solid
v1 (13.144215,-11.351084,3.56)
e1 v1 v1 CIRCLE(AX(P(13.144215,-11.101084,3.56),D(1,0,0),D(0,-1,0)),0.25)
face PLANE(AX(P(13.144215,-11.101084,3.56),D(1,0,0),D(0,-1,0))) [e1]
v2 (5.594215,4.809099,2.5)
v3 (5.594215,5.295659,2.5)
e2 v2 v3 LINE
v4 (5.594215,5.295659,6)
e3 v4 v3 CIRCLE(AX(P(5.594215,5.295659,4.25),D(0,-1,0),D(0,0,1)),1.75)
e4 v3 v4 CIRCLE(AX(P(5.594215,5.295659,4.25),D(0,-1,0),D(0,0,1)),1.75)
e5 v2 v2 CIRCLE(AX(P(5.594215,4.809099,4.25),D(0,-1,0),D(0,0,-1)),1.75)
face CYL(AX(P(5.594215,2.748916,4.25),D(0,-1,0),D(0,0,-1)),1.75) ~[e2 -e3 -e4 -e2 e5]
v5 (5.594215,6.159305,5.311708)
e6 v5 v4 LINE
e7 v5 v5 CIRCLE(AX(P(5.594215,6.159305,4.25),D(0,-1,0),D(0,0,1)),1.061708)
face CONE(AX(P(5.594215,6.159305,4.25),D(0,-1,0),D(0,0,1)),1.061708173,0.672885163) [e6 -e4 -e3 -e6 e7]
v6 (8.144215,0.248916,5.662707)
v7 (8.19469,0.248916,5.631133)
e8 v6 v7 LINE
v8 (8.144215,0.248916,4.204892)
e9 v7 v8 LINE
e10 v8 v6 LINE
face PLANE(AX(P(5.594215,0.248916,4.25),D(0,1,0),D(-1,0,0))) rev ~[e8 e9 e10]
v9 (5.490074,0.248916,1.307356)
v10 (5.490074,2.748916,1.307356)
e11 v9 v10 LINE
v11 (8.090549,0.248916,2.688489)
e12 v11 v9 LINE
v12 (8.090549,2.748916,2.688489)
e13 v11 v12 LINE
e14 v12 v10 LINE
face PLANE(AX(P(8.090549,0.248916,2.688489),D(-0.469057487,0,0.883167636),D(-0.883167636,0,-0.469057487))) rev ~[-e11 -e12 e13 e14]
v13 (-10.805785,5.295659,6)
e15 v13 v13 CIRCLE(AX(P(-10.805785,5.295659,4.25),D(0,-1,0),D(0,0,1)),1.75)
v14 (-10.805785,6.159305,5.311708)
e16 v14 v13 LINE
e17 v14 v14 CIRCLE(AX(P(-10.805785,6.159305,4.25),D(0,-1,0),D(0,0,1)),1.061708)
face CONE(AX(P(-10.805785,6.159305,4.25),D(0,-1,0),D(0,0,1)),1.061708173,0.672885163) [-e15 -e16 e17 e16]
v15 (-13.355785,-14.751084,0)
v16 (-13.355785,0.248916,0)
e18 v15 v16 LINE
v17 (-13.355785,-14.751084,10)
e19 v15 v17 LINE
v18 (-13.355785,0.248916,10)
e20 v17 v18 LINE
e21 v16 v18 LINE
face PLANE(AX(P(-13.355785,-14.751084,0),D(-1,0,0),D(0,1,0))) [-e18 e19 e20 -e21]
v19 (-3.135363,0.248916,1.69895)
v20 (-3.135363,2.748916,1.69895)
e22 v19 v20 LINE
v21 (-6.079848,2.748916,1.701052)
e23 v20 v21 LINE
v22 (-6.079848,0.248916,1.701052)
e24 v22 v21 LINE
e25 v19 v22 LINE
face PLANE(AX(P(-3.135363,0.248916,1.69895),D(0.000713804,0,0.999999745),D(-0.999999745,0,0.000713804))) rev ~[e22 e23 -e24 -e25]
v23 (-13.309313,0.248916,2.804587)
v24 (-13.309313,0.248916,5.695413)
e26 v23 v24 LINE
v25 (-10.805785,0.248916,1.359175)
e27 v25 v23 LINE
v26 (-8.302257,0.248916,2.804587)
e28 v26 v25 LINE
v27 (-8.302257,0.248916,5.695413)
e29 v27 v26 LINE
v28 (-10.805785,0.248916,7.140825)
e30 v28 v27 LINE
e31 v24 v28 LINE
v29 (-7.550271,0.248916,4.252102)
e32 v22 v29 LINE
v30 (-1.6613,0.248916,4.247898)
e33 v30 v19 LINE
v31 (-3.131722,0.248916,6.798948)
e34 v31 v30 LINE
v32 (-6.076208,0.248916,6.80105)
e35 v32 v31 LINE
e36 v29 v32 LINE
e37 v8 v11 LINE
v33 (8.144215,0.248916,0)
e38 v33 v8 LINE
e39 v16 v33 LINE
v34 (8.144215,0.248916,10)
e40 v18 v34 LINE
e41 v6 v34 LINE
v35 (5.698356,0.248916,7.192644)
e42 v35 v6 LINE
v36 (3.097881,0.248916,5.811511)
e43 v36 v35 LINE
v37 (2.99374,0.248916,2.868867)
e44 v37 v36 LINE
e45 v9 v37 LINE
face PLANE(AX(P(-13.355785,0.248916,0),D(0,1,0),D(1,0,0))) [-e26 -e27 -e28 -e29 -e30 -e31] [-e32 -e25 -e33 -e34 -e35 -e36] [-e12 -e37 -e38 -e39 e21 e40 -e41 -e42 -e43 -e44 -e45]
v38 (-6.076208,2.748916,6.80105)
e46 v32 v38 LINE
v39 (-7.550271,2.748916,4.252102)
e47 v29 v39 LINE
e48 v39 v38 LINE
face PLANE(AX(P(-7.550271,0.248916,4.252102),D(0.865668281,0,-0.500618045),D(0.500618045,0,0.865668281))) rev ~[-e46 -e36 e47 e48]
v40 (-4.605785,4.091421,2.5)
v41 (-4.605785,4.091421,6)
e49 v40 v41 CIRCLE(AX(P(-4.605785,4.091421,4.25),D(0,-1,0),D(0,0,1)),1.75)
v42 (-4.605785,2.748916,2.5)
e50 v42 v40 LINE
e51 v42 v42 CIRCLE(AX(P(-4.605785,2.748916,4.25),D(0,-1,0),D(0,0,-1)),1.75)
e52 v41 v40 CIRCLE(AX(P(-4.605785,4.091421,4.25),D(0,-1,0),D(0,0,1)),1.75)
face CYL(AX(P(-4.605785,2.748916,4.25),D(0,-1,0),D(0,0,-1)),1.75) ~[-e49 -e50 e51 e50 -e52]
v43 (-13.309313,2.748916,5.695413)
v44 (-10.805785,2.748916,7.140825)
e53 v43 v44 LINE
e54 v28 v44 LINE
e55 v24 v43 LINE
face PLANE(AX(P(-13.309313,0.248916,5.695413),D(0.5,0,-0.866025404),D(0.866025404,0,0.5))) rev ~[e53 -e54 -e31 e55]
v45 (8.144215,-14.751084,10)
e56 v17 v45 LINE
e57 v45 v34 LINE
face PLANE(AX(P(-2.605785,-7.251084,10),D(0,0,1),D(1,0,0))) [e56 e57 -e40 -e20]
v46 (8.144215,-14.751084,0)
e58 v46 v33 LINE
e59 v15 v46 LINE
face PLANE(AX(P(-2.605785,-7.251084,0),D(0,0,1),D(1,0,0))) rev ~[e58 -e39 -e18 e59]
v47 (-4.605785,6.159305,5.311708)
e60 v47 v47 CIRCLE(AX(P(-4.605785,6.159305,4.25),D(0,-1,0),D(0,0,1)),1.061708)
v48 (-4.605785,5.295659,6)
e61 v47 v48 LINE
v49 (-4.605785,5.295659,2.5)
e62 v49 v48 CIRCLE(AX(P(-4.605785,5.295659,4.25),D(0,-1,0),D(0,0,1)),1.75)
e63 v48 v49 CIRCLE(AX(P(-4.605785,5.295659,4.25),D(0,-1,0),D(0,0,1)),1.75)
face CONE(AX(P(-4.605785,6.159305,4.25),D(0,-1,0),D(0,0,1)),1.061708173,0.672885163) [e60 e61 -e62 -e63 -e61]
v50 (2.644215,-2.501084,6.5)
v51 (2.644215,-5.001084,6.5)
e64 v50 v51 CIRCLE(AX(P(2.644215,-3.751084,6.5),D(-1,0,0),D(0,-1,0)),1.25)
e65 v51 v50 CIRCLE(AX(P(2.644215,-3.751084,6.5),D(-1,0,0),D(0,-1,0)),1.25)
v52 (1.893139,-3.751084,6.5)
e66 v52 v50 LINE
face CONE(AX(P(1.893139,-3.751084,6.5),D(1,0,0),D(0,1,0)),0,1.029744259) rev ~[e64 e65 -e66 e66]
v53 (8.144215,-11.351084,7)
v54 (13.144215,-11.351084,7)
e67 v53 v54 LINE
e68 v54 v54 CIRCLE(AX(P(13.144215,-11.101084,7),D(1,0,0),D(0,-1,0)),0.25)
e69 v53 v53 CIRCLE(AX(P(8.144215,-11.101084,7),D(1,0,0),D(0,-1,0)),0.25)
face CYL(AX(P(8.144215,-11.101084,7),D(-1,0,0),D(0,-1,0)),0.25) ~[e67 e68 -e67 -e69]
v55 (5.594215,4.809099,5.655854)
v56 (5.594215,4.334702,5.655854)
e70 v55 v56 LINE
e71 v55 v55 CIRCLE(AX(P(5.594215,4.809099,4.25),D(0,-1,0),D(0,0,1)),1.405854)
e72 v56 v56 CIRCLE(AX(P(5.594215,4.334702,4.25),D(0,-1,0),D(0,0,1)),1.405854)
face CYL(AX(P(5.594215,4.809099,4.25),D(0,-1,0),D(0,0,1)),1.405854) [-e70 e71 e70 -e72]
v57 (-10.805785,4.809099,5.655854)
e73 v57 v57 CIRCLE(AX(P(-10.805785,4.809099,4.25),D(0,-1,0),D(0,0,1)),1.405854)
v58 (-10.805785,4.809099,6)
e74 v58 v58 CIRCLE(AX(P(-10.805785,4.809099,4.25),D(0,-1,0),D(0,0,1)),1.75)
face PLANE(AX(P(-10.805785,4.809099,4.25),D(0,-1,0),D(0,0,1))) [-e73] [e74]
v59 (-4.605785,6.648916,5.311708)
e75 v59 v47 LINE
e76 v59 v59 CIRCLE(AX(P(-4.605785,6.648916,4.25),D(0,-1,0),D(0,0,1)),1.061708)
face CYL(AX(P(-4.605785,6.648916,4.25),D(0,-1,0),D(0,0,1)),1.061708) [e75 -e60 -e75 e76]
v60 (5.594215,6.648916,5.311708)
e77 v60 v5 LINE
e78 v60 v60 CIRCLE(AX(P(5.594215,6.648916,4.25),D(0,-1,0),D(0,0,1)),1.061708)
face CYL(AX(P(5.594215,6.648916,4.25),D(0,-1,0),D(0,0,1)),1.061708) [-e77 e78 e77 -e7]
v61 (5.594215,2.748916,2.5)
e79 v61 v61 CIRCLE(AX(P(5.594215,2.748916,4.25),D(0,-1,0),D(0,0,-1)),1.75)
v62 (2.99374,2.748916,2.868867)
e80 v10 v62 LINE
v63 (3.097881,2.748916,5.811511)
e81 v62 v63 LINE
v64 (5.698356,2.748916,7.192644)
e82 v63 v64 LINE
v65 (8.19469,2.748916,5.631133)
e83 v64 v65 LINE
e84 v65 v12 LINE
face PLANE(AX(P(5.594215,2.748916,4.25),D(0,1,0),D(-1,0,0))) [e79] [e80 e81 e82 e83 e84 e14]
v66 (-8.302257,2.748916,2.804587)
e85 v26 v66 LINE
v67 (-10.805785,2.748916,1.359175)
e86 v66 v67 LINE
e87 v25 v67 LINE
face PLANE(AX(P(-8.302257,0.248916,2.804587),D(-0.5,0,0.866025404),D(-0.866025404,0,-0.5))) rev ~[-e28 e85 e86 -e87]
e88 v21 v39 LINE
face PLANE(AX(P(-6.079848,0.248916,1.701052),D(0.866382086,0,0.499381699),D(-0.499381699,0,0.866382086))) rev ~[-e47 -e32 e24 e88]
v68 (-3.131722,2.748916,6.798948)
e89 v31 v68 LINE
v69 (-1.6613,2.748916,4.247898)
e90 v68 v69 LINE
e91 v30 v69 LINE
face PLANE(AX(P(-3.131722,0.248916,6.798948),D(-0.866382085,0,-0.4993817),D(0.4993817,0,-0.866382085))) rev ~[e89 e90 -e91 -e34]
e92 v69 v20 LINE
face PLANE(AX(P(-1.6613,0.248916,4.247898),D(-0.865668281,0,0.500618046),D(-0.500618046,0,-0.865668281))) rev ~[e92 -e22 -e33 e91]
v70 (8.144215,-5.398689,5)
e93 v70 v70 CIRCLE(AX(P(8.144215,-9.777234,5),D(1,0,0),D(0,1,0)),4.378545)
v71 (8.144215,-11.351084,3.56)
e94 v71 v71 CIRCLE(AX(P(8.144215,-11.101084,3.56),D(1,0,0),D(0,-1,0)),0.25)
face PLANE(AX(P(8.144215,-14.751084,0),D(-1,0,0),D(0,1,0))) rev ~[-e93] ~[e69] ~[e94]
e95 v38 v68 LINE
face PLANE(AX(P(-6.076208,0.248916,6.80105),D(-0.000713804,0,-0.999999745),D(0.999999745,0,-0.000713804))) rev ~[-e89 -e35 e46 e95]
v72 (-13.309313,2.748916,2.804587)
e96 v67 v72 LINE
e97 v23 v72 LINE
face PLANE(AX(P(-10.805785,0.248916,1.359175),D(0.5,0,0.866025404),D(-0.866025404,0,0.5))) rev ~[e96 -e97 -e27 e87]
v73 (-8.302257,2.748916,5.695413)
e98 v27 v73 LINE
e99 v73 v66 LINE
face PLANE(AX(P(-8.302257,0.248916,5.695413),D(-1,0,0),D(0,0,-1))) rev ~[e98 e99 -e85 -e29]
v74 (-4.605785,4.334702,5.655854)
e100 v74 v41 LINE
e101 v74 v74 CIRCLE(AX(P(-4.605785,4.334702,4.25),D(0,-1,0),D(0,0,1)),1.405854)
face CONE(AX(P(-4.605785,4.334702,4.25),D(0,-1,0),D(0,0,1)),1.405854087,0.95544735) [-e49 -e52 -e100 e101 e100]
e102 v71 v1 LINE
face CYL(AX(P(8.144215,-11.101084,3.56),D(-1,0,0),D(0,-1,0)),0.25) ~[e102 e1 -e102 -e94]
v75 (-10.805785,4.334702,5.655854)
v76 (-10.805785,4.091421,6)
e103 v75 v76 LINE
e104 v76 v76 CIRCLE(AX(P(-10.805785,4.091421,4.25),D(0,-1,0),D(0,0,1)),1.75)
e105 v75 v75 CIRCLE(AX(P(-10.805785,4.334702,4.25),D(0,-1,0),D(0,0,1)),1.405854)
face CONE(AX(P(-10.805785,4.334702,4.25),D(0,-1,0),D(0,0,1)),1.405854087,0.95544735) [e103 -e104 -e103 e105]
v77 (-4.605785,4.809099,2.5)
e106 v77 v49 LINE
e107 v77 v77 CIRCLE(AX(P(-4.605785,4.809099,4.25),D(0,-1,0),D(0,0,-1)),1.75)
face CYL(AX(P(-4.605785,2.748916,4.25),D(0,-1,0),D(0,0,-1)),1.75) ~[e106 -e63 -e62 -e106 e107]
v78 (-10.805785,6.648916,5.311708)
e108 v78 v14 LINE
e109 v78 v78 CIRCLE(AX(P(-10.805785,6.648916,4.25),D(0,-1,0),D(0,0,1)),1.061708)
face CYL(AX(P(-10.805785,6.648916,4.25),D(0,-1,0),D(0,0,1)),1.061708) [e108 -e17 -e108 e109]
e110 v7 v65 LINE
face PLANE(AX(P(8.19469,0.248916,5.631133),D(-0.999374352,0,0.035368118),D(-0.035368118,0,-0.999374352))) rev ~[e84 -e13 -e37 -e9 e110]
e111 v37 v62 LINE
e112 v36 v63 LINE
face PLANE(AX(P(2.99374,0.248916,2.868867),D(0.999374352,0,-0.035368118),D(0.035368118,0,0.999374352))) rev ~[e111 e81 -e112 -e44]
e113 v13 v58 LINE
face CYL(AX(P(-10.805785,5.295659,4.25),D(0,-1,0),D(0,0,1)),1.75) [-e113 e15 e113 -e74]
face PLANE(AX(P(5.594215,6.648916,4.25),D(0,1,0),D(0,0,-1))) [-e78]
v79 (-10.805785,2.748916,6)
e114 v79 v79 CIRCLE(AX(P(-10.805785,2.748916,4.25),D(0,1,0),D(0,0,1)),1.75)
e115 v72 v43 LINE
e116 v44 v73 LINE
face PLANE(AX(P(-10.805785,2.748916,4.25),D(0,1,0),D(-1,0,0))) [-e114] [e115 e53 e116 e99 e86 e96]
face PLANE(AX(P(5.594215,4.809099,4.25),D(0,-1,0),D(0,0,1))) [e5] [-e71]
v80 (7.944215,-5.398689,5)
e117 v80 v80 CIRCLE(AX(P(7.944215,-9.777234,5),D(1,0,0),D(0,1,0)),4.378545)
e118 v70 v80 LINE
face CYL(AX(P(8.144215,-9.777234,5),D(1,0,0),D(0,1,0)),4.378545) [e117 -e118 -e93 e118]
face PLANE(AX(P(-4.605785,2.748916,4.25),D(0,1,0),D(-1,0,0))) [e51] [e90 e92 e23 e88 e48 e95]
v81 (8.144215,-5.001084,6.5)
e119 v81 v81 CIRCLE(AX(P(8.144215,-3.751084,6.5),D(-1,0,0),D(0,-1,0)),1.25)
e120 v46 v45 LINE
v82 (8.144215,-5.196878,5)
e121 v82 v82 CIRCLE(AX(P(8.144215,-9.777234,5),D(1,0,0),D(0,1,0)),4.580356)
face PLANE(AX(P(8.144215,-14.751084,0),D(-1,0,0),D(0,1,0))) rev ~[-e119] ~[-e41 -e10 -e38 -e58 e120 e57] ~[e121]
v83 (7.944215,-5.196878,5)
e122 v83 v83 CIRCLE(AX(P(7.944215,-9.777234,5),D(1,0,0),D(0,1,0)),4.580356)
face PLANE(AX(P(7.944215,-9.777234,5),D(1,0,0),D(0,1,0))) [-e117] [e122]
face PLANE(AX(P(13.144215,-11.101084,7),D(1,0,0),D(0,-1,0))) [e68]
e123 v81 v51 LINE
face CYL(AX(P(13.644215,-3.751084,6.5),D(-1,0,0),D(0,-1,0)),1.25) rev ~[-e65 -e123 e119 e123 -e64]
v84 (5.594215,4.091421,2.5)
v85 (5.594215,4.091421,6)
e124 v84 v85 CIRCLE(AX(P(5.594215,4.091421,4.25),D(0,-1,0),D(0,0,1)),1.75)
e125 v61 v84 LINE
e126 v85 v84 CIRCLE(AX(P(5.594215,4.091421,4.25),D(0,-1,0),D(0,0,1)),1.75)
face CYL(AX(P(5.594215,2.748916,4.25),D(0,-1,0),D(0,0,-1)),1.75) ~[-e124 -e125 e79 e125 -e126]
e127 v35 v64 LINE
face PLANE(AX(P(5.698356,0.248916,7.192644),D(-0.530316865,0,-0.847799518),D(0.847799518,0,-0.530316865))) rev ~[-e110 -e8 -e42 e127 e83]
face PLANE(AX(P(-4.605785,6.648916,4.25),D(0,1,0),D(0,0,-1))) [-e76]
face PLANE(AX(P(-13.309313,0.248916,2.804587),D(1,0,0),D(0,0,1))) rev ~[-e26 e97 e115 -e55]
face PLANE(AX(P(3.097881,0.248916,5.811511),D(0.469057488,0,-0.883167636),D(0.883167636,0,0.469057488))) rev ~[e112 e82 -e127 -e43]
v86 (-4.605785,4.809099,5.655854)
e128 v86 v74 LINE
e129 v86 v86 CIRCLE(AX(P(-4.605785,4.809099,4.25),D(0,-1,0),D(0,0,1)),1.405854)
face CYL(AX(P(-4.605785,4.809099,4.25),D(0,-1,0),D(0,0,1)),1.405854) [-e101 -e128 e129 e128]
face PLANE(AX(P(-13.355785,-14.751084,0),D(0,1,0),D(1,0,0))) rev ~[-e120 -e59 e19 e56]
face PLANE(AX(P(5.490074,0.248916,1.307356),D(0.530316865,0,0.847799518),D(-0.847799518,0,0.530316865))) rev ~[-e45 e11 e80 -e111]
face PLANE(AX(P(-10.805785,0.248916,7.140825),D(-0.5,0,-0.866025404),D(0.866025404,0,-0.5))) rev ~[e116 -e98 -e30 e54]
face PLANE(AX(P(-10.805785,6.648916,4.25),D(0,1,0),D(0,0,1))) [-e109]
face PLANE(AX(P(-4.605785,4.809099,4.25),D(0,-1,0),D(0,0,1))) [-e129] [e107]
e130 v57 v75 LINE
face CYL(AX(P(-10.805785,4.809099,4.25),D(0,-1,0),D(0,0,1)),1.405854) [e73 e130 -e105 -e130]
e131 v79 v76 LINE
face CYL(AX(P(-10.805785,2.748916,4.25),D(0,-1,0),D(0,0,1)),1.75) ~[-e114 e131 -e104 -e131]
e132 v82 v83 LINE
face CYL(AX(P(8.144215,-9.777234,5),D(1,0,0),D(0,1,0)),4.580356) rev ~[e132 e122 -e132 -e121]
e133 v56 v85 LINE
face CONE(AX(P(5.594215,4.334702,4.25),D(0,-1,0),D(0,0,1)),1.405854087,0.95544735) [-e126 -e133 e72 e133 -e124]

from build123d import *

# Parameters (mm, degrees)
ESQUISSE1_W               = 21.5
ESQUISSE1_H               = 15
EXTRUSION1_DEPTH          = 10
EXTRUSION2_DEPTH          = 2.5
ESQUISSE4_R               = 1.75
EXTRUSION3_DEPTH          = 3.9
ESQUISSE7_R               = 0.25
EXTRUSION4_DEPTH          = 5
ESQUISSE8_R               = 4.580355977
ESQUISSE8_R_2             = 4.37854461
ENL_V_MAT_EXTRU_3_DEPTH   = 0.2
TROU_TARAUD_M3X0_52_D     = 2.5
TROU_TARAUD_M3X0_52_DEPTH = 5.5
TROU_TARAUD_M3X0_52_TIP   = 0.751075774


with BuildPart() as part:
    # Esquisse1 → Extrusion1 (new body)
    with BuildSketch(Plane.XY):
        with Locations((-2.605785234, -7.251083667)):
            Rectangle(ESQUISSE1_W, ESQUISSE1_H)
    extrude(amount=EXTRUSION1_DEPTH)

    # Esquisse2 → Extrusion2 (add)
    with BuildSketch(Plane(origin=(0, 0.248916333, 0), x_dir=(-1, 0, 0), z_dir=(0, 1, 0))):
        Polygon((13.309313152, 5.695412518), (10.805785234, 7.140825036), (8.302257315, 5.695412518), (8.302257315, 2.804587482), (10.805785234, 1.359174964), (13.309313152, 2.804587482), align=None)
        Polygon((6.076207844, 6.801050244), (3.131722221, 6.798948457), (1.661299611, 4.247898212), (3.135362624, 1.698949756), (6.079848247, 1.701051543), (7.550270856, 4.252101788), align=None)
        Polygon((-3.097880639, 5.811510782), (-5.698355708, 7.192644162), (-8.194689836, 5.63113338), (-8.090548894, 2.688489218), (-5.490073824, 1.307355838), (-2.993739697, 2.86886662), align=None)
    extrude(amount=EXTRUSION2_DEPTH)

    # Esquisse4 → Extrusion3 (add)
    with BuildSketch(Plane(origin=(0, 2.748916333, 0), x_dir=(-1, 0, 0), z_dir=(0, 1, 0))):
        with Locations((10.805785234, 4.25)):
            Circle(ESQUISSE4_R)
        with Locations((4.605785234, 4.25)):
            Circle(ESQUISSE4_R)
        with Locations((-5.594214766, 4.25)):
            Circle(ESQUISSE4_R)
    extrude(amount=EXTRUSION3_DEPTH)

    # Esquisse7 → Extrusion4 (add)
    with BuildSketch(Plane(origin=(8.144214766, 0, 0), x_dir=(0, 0, -1), z_dir=(1, 0, 0))):
        with Locations((-3.56, -11.101083667)):
            Circle(ESQUISSE7_R)
        with Locations((-7, -11.101083667)):
            Circle(ESQUISSE7_R)
    extrude(amount=EXTRUSION4_DEPTH)

    # Esquisse8 → Enlèv. mat.-Extru.3 (cut)
    with BuildSketch(Plane(origin=(8.144214766, 0, 0), x_dir=(0, 0, -1), z_dir=(1, 0, 0))):
        with Locations((-5, -9.777233514)):
            Circle(ESQUISSE8_R)
        with Locations((-5, -9.777233514)):
            Circle(ESQUISSE8_R_2, mode=Mode.SUBTRACT)
    extrude(amount=-ENL_V_MAT_EXTRU_3_DEPTH, mode=Mode.SUBTRACT)

    # Trou taraudé M3x0.52
    with Locations(Plane(origin=(8.144214766, -3.751083667, 6.5), x_dir=(0, 1, 0), z_dir=(1, 0, 0))):
        with Locations((0, 0)):
            Hole(TROU_TARAUD_M3X0_52_D / 2, depth=TROU_TARAUD_M3X0_52_DEPTH)
            with Locations((0, 0, -(TROU_TARAUD_M3X0_52_DEPTH + TROU_TARAUD_M3X0_52_TIP / 2))):  # 118° drill point
                Cone(0, TROU_TARAUD_M3X0_52_D / 2, TROU_TARAUD_M3X0_52_TIP, mode=Mode.SUBTRACT)

    # Esquisse13 → Enlèvement de matière-Révolution1 (revolve, cut)
    with BuildSketch(Plane.XY.offset(4.25)):
        Polygon((-9.744077061, 6.648916333), (-9.744077061, 6.159304946), (-9.055785234, 5.295659421), (-9.055785234, 4.809098562), (-9.399931147, 4.809098562), (-9.399931147, 4.334701724), (-9.055785234, 4.091421295), (-9.055785234, 2.748916333), (-8.612823064, 2.748916333), (-8.612823064, 6.648916333), align=None)
    revolve(axis=Axis((-10.805785234, 6.648916333, 4.25), (0, -1, 0)), mode=Mode.SUBTRACT)

    # Esquisse14 → Enlèvement de matière-Révolution2 (revolve, cut)
    with BuildSketch(Plane.XY.offset(4.25)):
        Polygon((-3.544077061, 6.648916333), (-3.544077061, 6.159304946), (-2.855785234, 5.295659421), (-2.855785234, 4.809098562), (-3.199931147, 4.809098562), (-3.199931147, 4.334701724), (-2.855785234, 4.091421295), (-2.855785234, 2.748916333), (-2.412823064, 2.748916333), (-2.412823064, 6.648916333), align=None)
    revolve(axis=Axis((-4.605785234, 6.648916333, 4.25), (0, -1, 0)), mode=Mode.SUBTRACT)

    # Esquisse15 → Enlèvement de matière-Révolution3 (revolve, cut)
    with BuildSketch(Plane.XY.offset(4.25)):
        Polygon((6.655922939, 6.648916333), (6.655922939, 6.159304946), (7.344214766, 5.295659421), (7.344214766, 4.809098562), (7.000068853, 4.809098562), (7.000068853, 4.334701724), (7.344214766, 4.091421295), (7.344214766, 2.748916333), (7.787176936, 2.748916333), (7.787176936, 6.648916333), align=None)
    revolve(axis=Axis((5.594214766, 6.648916333, 4.25), (0, -1, 0)), mode=Mode.SUBTRACT)


solid = part.part
